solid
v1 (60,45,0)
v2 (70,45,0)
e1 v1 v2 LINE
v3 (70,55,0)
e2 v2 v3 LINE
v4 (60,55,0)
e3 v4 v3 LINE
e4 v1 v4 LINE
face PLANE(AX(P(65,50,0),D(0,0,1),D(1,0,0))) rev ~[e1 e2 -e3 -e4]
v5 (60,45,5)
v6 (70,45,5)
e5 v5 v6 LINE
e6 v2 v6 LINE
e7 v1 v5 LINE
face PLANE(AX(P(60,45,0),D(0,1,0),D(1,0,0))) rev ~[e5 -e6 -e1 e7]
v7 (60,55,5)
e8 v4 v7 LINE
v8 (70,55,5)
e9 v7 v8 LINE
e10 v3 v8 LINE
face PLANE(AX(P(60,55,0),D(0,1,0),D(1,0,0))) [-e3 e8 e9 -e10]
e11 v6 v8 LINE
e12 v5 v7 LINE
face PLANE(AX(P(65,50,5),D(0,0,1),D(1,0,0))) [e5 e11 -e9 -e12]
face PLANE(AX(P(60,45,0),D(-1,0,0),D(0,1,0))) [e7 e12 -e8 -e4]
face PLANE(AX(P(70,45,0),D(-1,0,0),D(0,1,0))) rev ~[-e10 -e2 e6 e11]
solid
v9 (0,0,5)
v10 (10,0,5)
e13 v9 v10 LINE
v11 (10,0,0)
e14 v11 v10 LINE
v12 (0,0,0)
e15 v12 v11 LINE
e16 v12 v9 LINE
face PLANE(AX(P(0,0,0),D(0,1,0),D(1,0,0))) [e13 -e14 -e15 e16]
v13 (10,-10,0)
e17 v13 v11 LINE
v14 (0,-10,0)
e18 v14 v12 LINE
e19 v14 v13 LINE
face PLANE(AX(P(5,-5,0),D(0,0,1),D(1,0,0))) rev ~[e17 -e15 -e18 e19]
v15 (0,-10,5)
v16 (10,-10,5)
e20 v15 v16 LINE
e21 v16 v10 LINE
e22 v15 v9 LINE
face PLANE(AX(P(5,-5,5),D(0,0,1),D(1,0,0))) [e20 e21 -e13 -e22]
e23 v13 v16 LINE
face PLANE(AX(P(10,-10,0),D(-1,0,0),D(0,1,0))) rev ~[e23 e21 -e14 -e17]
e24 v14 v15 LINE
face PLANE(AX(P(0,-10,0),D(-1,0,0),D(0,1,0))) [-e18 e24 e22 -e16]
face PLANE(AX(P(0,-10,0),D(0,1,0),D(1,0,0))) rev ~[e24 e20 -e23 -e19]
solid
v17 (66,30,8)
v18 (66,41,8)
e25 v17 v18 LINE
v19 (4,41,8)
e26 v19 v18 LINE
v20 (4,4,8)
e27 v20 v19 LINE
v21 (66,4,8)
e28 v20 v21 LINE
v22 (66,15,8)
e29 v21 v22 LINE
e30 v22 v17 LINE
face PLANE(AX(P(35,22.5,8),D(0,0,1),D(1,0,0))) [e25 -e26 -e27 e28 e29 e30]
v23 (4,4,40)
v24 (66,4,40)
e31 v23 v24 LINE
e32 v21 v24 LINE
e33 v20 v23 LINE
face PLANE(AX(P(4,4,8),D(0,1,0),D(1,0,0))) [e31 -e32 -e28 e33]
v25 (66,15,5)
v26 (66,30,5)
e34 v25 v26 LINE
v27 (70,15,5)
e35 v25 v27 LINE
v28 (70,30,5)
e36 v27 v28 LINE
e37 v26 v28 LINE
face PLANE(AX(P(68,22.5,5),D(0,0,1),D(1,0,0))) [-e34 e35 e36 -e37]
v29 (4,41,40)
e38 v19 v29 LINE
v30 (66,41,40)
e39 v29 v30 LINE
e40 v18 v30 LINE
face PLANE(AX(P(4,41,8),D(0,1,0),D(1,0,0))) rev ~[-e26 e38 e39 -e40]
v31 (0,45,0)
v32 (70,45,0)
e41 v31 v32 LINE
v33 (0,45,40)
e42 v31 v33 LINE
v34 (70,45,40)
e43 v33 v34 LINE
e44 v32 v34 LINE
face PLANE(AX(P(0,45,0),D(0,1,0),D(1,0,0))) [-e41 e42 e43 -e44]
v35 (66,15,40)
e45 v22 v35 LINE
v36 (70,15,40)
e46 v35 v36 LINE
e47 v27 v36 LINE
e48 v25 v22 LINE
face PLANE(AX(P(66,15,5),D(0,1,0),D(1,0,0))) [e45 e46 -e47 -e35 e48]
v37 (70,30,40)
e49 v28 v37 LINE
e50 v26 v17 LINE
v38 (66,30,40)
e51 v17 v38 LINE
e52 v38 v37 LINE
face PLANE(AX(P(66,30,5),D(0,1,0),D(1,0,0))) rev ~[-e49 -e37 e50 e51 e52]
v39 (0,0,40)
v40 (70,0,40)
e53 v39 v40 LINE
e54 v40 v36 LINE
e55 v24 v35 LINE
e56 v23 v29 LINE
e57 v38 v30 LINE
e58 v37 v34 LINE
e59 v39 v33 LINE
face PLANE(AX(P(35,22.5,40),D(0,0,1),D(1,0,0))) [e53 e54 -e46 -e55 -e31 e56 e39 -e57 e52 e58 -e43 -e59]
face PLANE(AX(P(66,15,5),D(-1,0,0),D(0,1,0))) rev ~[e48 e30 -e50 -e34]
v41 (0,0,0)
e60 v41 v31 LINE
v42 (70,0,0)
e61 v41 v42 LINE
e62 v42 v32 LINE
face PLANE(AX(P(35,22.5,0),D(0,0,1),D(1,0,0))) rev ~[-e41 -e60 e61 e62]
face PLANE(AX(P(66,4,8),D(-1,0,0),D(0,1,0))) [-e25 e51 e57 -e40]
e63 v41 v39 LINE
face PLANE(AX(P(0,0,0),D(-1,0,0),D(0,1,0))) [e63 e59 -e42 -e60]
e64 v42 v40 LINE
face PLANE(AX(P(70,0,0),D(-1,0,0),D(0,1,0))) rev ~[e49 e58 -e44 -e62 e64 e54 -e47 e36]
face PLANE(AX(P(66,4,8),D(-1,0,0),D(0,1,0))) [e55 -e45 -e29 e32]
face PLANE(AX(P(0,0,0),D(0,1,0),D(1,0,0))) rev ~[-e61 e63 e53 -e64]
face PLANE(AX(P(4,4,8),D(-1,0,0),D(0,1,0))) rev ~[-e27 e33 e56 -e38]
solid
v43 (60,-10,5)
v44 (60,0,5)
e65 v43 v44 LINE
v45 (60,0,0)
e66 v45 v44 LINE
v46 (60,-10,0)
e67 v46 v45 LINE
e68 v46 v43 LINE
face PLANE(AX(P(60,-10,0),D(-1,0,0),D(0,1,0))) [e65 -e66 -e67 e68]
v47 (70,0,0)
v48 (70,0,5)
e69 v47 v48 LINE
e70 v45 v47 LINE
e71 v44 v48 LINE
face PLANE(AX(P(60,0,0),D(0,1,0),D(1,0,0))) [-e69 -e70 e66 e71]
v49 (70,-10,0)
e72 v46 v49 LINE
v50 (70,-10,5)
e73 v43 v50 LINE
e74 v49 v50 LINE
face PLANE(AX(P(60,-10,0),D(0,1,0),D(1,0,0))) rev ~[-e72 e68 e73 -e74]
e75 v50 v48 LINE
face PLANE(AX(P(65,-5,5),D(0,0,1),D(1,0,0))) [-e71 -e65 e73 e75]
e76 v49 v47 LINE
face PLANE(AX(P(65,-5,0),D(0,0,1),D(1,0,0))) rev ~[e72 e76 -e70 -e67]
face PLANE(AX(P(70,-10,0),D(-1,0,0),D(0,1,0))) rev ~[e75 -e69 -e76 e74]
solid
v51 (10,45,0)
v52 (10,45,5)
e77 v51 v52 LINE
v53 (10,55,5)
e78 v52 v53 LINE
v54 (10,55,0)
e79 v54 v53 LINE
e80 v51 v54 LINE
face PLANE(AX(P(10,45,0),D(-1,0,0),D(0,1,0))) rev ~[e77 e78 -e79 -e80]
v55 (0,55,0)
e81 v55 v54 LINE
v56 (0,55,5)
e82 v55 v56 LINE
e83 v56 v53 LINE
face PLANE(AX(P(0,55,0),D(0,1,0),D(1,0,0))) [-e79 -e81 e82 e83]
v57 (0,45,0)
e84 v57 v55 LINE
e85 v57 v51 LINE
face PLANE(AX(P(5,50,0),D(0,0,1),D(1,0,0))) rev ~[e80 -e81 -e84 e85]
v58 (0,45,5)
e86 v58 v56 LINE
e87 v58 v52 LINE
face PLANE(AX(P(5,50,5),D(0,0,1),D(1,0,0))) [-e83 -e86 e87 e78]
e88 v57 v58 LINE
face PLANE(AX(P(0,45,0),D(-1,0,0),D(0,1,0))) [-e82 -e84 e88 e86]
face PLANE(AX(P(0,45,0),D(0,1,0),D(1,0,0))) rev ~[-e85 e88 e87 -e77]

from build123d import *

# Parameters (mm, degrees)
BOX003_W     = 10
BOX003_H     = 10
BOX003_DEPTH = 5
BOX004_W     = 10
BOX004_H     = 10
BOX004_DEPTH = 5
BOX005_W     = 10
BOX005_H     = 10
BOX005_DEPTH = 5
BOX006_W     = 10
BOX006_H     = 10
BOX006_DEPTH = 5
BOX002_W     = 4
BOX002_H     = 15
BOX002_DEPTH = 35
BOX001_W     = 62
BOX001_H     = 37
BOX001_DEPTH = 32
BOX_W        = 70
BOX_H        = 45
BOX_DEPTH    = 40


with BuildPart() as cube003:
    # Box003 → Box003 (new body)
    with BuildSketch(Plane(origin=(0, -10, 0), x_dir=(1, 0, 0), z_dir=(0, 0, 1))):
        with Locations((5, 5)):
            Rectangle(BOX003_W, BOX003_H)
    extrude(amount=BOX003_DEPTH)


with BuildPart() as cube004:
    # Box004 → Box004 (new body)
    with BuildSketch(Plane(origin=(60, -10, 0), x_dir=(1, 0, 0), z_dir=(0, 0, 1))):
        with Locations((5, 5)):
            Rectangle(BOX004_W, BOX004_H)
    extrude(amount=BOX004_DEPTH)


with BuildPart() as cube005:
    # Box005 → Box005 (new body)
    with BuildSketch(Plane(origin=(0, 45, 0), x_dir=(1, 0, 0), z_dir=(0, 0, 1))):
        with Locations((5, 5)):
            Rectangle(BOX005_W, BOX005_H)
    extrude(amount=BOX005_DEPTH)


with BuildPart() as cube006:
    # Box006 → Box006 (new body)
    with BuildSketch(Plane(origin=(60, 45, 0), x_dir=(1, 0, 0), z_dir=(0, 0, 1))):
        with Locations((5, 5)):
            Rectangle(BOX006_W, BOX006_H)
    extrude(amount=BOX006_DEPTH)


with BuildPart() as cube002:
    # Box002 → Box002 (new body)
    with BuildSketch(Plane(origin=(66, 15, 5), x_dir=(1, 0, 0), z_dir=(0, 0, 1))):
        with Locations((2, 7.5)):
            Rectangle(BOX002_W, BOX002_H)
    extrude(amount=BOX002_DEPTH)


with BuildPart() as cube001:
    # Box001 → Box001 (new body)
    with BuildSketch(Plane(origin=(4, 4, 8), x_dir=(1, 0, 0), z_dir=(0, 0, 1))):
        with Locations((31, 18.5)):
            Rectangle(BOX001_W, BOX001_H)
    extrude(amount=BOX001_DEPTH)


with BuildPart() as cut001:
    # Box → Box (new body)
    with BuildSketch(Plane.XY):
        with Locations((35, 22.5)):
            Rectangle(BOX_W, BOX_H)
    extrude(amount=BOX_DEPTH)

    # Cut: cut Cube001
    add(cube001.part, mode=Mode.SUBTRACT)

    # Cut001: cut Cube002
    add(cube002.part, mode=Mode.SUBTRACT)


solid = Compound([cube003.part, cube004.part, cube005.part, cube006.part, cut001.part])
